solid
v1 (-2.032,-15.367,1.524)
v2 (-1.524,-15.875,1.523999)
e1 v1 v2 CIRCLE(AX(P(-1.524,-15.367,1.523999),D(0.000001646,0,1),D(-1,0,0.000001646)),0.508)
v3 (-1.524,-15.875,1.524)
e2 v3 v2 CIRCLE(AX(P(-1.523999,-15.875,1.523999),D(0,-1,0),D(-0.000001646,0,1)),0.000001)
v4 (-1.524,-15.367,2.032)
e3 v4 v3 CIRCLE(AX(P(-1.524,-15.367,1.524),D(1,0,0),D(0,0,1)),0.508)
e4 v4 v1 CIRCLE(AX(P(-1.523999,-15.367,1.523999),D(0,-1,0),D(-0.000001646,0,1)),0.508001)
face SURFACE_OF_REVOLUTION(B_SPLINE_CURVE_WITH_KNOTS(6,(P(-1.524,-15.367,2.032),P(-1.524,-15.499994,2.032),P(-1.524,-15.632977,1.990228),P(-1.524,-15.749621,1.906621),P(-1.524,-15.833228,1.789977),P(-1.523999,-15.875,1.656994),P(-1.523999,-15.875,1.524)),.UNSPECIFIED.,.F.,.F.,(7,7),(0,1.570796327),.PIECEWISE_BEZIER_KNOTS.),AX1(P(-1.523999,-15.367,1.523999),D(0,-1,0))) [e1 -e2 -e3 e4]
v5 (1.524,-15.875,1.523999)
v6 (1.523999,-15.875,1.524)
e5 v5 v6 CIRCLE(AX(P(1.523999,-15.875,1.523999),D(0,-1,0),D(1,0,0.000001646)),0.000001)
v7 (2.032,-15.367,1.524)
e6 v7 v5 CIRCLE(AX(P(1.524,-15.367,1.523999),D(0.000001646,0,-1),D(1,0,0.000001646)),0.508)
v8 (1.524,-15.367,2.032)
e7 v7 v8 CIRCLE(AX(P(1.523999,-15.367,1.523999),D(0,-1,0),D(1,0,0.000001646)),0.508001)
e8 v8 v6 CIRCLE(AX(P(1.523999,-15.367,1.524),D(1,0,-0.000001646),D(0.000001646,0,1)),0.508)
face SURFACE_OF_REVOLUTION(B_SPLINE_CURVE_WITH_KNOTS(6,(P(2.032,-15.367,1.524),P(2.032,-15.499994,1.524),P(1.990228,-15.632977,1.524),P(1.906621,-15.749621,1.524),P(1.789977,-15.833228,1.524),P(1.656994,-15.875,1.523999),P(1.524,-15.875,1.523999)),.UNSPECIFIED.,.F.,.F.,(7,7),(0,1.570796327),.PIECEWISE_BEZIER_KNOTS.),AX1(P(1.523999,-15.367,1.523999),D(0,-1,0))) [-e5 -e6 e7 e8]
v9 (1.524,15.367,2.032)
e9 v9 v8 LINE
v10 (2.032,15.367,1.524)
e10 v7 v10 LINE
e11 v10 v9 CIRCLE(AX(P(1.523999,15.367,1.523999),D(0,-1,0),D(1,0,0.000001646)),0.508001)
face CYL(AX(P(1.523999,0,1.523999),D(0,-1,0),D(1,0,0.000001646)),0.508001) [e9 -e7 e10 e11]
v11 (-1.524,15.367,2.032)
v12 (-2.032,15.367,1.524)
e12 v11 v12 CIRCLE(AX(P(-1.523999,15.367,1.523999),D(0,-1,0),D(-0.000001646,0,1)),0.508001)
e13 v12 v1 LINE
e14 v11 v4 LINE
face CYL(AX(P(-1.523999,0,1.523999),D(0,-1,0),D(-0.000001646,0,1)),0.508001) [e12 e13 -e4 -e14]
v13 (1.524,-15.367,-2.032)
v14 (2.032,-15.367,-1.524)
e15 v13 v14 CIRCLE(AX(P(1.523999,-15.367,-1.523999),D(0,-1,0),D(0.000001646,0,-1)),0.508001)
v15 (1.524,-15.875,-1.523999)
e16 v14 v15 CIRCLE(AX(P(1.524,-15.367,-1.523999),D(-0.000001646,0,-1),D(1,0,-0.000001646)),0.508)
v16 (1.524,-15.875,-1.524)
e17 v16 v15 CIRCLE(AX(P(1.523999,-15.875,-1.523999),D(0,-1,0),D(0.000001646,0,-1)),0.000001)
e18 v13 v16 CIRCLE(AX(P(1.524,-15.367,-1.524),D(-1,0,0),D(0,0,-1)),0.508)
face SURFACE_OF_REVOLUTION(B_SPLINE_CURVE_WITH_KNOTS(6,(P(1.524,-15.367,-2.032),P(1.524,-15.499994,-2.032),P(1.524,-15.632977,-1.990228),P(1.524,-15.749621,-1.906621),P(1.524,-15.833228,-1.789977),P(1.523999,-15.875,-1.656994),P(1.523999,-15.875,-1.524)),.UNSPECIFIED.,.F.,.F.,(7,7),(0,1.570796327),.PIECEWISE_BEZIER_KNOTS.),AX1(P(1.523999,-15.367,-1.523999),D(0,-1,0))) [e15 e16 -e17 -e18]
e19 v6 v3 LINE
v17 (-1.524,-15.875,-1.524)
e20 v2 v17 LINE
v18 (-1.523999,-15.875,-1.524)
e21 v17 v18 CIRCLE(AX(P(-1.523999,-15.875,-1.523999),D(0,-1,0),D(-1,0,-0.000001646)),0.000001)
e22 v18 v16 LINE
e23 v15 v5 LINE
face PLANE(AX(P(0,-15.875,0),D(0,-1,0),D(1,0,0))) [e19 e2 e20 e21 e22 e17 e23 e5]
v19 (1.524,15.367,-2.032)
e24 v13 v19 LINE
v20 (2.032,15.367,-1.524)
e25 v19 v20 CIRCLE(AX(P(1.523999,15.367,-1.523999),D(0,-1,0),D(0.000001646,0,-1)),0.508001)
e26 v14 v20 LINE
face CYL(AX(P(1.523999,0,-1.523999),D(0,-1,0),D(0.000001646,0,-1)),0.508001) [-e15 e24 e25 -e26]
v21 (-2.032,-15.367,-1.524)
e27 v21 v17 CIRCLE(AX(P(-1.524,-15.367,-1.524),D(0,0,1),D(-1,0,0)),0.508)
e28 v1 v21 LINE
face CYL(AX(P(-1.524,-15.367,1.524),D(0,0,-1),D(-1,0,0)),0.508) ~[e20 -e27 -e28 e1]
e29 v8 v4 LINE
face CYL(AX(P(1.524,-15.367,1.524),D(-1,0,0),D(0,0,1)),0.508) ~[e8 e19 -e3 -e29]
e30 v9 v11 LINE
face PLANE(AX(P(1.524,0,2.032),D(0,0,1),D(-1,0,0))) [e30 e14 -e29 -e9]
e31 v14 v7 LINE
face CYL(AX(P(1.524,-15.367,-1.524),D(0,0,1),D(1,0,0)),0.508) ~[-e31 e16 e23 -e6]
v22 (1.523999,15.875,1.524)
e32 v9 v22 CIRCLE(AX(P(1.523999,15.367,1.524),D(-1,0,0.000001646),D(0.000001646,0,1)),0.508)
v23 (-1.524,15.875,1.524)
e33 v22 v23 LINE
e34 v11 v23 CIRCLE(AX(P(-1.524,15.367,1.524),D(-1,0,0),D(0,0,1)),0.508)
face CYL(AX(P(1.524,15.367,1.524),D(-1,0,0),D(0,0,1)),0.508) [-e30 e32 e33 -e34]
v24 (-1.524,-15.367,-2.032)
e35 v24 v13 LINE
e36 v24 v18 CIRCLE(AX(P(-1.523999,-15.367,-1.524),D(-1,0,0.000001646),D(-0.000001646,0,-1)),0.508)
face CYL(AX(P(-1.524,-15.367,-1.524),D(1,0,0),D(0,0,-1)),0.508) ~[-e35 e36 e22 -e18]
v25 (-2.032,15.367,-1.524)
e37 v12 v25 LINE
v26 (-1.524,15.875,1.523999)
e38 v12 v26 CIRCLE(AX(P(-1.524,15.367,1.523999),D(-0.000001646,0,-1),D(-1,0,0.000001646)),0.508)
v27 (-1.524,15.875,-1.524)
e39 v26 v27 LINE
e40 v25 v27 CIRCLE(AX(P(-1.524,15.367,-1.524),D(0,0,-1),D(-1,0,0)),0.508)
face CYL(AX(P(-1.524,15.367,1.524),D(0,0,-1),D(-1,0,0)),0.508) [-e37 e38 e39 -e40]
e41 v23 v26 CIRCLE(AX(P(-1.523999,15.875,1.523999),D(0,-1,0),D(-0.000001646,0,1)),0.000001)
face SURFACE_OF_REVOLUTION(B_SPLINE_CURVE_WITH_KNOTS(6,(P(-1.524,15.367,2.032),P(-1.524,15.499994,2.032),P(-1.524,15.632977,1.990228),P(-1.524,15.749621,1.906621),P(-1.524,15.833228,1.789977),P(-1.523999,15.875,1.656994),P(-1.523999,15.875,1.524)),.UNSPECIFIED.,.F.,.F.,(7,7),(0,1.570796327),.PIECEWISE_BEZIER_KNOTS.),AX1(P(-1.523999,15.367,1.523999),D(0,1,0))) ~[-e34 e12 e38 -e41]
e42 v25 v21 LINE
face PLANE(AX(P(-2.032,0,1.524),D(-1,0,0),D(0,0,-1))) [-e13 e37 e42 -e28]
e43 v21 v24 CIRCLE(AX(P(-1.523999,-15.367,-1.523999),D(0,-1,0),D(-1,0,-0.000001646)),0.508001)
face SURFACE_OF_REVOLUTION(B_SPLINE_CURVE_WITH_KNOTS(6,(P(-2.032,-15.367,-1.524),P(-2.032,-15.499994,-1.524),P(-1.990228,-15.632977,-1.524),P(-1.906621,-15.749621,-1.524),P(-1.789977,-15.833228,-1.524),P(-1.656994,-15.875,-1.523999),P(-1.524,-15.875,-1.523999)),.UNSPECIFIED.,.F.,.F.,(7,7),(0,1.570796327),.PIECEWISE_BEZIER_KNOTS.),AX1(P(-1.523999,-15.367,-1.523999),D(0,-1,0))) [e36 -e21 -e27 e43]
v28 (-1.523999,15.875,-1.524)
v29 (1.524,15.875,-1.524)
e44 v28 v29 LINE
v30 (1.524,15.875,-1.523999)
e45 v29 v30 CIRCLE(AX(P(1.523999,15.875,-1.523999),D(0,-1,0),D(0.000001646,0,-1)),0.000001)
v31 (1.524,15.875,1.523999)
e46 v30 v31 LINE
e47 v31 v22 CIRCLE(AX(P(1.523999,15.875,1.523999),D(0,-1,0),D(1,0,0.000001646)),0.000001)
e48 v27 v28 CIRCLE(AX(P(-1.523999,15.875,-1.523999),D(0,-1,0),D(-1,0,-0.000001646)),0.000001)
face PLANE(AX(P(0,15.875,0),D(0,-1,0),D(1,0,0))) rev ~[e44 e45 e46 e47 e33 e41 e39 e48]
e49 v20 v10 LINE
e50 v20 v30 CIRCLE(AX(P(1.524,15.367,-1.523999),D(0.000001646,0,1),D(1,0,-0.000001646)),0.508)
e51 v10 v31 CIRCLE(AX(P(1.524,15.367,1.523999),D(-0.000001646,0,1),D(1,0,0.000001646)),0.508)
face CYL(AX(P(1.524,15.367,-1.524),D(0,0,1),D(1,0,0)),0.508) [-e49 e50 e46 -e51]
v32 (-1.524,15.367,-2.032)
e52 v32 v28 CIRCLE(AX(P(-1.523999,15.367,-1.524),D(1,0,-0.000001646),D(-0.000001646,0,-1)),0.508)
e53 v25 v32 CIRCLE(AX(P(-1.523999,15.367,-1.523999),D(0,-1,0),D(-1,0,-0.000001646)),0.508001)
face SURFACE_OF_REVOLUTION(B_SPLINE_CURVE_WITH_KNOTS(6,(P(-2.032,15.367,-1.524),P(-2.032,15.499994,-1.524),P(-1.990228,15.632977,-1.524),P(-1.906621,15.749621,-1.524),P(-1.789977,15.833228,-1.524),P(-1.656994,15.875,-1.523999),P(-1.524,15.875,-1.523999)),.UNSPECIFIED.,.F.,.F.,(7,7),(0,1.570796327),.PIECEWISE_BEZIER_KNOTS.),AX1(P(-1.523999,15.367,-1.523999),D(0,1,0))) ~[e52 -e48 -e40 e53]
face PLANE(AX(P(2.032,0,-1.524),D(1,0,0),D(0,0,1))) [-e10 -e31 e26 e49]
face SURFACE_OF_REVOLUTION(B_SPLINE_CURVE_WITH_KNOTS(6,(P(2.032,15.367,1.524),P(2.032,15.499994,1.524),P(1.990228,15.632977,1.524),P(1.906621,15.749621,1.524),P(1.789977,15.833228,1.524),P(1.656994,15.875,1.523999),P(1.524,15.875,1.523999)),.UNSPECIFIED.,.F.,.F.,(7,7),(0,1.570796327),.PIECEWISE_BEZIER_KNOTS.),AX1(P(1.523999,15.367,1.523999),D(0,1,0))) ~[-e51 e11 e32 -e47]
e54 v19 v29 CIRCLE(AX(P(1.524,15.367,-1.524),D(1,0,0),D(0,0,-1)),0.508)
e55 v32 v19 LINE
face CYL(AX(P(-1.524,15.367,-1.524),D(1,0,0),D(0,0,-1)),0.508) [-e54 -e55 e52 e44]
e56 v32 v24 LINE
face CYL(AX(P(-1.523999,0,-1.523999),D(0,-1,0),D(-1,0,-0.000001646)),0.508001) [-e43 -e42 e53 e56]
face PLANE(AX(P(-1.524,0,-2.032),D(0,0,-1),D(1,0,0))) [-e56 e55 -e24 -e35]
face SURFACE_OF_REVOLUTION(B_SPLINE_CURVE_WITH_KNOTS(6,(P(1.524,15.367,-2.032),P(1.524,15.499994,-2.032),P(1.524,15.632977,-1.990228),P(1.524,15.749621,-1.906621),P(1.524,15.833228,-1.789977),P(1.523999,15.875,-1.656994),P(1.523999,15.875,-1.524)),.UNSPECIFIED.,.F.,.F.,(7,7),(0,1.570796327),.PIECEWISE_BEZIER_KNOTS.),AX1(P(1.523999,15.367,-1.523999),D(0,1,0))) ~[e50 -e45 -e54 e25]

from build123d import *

# Parameters (mm, degrees)
F1_DEPTH = 15.875
F2_R     = 0.508


with BuildPart() as f1:
    # F0 (on Front) → F1 (new body, symmetric)
    with BuildSketch(Plane.XZ):
        with BuildLine():
            ThreePointArc((2.032, 1.524), (1.88321, 1.88321), (1.524, 2.032))
            Line((1.524, 2.032), (-1.524, 2.032))
            ThreePointArc((-1.524, 2.032), (-1.88321, 1.88321), (-2.032, 1.524))
            Line((-2.032, 1.524), (-2.032, -1.524))
            ThreePointArc((-2.032, -1.524), (-1.88321, -1.88321), (-1.524, -2.032))
            Line((-1.524, -2.032), (1.524, -2.032))
            ThreePointArc((1.524, -2.032), (1.88321, -1.88321), (2.032, -1.524))
            Line((2.032, -1.524), (2.032, 1.524))
        make_face()
    extrude(amount=F1_DEPTH, both=True)

    # F2
    f2_edges = [f1.edges().sort_by_distance(p)[0] for p in [
        (1.88321, -15.875, 1.88321),
        (0, -15.875, 2.032),
        (-1.88321, -15.875, 1.88321),
        (-2.032, -15.875, 0),
        (-1.88321, -15.875, -1.88321),
        (0, -15.875, -2.032),
        (1.88321, -15.875, -1.88321),
        (2.032, -15.875, 0),
        (1.88321, 15.875, 1.88321),
        (0, 15.875, 2.032),
        (-1.88321, 15.875, 1.88321),
        (-2.032, 15.875, 0),
        (-1.88321, 15.875, -1.88321),
        (0, 15.875, -2.032),
        (1.88321, 15.875, -1.88321),
        (2.032, 15.875, 0),
    ]]
    fillet(f2_edges, radius=F2_R)


solid = f1.part
